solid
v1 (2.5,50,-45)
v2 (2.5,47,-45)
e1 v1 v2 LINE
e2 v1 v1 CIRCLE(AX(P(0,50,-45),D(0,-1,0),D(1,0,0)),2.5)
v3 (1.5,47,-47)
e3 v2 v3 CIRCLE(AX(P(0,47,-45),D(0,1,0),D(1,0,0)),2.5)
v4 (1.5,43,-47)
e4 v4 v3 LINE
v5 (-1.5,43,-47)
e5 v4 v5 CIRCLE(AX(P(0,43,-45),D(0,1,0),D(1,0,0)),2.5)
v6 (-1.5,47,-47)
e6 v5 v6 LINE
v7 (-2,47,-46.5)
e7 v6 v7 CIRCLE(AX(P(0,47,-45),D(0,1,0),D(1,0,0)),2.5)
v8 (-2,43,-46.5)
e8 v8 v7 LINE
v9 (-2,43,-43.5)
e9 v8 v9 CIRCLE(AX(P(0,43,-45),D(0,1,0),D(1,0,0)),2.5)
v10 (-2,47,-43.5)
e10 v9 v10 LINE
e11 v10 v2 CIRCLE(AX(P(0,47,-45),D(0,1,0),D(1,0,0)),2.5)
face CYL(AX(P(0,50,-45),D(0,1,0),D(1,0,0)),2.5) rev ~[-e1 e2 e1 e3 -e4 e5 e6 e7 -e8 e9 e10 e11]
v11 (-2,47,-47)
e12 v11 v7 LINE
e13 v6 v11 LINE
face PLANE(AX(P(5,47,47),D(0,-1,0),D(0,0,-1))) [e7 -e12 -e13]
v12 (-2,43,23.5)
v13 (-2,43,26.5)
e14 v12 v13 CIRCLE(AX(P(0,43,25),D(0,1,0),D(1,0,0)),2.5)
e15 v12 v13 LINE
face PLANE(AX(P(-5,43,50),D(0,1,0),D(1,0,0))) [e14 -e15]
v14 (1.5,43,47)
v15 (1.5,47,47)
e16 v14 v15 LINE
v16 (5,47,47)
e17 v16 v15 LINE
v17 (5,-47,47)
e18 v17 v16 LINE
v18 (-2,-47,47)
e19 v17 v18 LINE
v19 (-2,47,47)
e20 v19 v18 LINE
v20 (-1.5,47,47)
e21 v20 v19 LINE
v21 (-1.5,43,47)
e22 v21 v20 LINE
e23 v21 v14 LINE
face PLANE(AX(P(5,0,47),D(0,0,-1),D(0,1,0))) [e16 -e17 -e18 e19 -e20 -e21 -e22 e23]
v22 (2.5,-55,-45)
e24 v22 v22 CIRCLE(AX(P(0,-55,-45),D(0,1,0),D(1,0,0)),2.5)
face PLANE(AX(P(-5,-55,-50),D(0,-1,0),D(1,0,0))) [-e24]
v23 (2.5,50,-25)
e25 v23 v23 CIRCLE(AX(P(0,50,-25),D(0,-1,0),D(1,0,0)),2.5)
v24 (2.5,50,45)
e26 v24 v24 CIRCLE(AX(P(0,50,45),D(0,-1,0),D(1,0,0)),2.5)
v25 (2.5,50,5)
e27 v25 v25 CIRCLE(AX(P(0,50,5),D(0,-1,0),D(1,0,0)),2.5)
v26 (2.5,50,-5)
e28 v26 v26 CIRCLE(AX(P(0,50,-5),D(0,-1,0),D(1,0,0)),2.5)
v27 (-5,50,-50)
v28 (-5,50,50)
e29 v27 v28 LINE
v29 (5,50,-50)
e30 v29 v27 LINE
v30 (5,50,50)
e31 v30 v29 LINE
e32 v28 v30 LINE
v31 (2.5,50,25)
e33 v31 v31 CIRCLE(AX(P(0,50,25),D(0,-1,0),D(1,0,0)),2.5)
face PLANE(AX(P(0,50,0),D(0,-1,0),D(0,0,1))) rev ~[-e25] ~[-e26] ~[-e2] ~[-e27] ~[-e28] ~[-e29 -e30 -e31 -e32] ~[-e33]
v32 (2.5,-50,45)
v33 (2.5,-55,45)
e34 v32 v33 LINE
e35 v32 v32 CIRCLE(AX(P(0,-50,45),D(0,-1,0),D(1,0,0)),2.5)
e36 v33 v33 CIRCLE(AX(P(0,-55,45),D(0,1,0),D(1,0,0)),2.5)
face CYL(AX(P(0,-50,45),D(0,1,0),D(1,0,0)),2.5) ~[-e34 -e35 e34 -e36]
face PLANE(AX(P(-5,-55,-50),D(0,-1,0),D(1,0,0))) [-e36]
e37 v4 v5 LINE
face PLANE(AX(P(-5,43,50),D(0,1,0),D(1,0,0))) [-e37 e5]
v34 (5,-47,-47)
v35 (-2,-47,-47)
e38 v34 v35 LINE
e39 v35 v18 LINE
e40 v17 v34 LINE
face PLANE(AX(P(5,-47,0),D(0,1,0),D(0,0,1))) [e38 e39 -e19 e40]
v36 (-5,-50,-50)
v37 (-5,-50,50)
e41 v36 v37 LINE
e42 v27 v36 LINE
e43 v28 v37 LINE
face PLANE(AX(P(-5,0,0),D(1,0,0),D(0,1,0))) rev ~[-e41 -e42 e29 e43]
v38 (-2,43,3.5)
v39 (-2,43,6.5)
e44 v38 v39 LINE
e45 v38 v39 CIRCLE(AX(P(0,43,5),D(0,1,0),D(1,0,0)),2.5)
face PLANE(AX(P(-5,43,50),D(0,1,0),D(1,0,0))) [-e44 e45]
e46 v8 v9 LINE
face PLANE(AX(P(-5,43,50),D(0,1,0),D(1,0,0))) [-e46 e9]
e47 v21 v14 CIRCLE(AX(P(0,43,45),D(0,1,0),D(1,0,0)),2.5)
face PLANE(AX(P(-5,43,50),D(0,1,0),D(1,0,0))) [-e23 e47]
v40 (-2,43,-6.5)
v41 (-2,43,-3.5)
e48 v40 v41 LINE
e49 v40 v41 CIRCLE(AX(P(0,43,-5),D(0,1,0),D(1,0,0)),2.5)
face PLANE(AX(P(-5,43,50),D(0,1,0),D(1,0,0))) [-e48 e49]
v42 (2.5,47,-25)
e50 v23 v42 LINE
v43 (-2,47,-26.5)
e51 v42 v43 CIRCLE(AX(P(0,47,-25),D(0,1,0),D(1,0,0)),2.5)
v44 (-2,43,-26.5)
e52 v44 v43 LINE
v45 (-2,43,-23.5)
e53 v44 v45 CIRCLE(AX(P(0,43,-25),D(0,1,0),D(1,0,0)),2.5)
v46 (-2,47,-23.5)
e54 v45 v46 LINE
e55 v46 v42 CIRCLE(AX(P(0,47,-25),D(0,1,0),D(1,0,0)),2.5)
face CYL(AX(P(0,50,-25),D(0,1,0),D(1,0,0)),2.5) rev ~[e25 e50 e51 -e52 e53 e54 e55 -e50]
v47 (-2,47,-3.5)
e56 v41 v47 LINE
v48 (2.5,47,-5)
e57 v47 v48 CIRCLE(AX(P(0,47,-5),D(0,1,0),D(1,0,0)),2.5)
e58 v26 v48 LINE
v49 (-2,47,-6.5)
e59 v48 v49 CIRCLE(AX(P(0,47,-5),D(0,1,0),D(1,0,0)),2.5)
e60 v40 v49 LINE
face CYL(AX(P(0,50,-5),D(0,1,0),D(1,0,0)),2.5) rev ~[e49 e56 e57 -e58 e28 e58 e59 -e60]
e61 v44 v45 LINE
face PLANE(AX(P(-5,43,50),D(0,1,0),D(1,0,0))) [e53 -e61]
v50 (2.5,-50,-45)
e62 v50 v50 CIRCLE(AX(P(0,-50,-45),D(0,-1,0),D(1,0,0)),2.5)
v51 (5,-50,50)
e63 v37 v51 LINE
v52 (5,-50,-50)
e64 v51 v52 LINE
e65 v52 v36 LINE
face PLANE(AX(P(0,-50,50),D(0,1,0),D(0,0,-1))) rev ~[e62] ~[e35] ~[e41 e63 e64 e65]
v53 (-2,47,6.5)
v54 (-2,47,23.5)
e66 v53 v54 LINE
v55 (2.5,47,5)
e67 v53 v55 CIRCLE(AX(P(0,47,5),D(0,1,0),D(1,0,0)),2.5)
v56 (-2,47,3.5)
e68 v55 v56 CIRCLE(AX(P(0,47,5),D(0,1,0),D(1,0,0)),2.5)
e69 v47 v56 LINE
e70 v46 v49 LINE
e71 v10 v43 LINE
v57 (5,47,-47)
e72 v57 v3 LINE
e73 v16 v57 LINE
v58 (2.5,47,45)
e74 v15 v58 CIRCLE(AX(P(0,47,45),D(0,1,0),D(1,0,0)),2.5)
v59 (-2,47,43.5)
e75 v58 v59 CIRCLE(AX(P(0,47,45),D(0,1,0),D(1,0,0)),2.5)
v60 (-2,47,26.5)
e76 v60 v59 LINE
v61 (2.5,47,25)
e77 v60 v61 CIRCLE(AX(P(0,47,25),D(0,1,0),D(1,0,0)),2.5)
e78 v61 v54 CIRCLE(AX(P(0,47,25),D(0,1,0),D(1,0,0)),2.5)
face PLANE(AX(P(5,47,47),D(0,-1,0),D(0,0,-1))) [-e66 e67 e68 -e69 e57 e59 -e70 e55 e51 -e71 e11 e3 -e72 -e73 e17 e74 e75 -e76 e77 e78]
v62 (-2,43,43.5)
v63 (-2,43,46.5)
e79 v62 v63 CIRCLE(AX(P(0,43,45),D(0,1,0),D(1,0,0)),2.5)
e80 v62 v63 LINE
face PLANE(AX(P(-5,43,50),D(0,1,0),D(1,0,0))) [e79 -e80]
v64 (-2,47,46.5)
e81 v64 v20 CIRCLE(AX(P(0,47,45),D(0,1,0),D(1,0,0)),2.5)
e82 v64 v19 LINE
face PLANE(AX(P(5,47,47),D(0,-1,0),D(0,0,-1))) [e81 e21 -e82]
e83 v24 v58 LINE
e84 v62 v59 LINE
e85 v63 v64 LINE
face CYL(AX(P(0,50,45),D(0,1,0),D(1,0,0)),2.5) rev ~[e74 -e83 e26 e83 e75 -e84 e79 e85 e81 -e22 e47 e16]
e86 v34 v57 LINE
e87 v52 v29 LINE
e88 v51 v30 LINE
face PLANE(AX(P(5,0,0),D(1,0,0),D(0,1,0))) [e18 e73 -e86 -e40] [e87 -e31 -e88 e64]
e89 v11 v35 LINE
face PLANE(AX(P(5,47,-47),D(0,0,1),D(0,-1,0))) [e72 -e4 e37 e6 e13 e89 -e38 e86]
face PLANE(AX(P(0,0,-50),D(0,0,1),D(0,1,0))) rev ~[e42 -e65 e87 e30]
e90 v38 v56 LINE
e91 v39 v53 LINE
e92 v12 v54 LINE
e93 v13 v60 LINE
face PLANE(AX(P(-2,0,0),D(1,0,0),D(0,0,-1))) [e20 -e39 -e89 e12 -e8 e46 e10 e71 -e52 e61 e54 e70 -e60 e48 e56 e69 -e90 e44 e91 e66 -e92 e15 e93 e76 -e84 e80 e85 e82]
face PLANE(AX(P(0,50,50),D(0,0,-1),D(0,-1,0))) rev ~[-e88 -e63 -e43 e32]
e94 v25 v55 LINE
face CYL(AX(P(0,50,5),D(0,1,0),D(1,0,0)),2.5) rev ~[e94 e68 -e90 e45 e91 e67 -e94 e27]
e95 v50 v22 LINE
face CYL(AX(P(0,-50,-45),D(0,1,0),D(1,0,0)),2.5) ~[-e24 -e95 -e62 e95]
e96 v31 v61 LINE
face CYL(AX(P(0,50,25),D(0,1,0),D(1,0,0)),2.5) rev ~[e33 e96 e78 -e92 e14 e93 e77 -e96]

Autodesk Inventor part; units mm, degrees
sketch "Sketch2" plane through (0, 0, 0) normal (1, 0, 0) x (0, 1, 0)
  line L0 (50, 50) -> (-50, 50)
  line L1 (-50, 50) -> (-50, -50)
  line L2 (-50, -50) -> (50, -50)
  line L3 (50, -50) -> (50, 50)
  line L4 (-70, 0) -> (70, 0) projected
  line L5 (0, 70) -> (0, -70) projected
  point P0 (0, 0)
  point P1 (50, 0)
  point P2 (0, 50)
  dimension "d0" = 100
  dimension "d1" = 100
extrude "Extrusion1" add sketch "Sketch2" along normal mid plane 10
sketch "Sketch3" plane through (5, 0, 0) normal (1, 0, 0) x (0, 0, -1)
  line L0 (-47, 47) -> (47, 47)
  line L1 (47, 47) -> (47, -47)
  line L2 (47, -47) -> (-47, -47)
  line L3 (-47, -47) -> (-47, 47)
  line L4 (0, -70) -> (0, 70) projected
  line L5 (-70, 0) -> (70, 0) projected
  point P0 (0, 0)
  point P1 (0, 47)
  point P2 (-47, 0)
  dimension "d4" = 94
  dimension "d5" = 94
extrude "Extrusion2" cut sketch "Sketch3" against normal blind 7
sketch "Sketch5" plane through (-5, 50, 50) normal (0, 1, 0) x (1, 0, 0)
  circle A0 centre (5, 5) radius 2.5
  line L0 (10, 0) -> (0, 0) projected
  line L1 (5, 120) -> (5, -20) projected
  circle A1 centre (5, 25) radius 2.5
  circle A2 centre (5, 45) radius 2.5
  circle A3 centre (5, 95) radius 2.5
  line L2 (0, 100) -> (10, 100) projected
  circle A4 centre (5, 75) radius 2.5
  circle A5 centre (5, 55) radius 2.5
  point P0 (5, 50)
  dimension "d26" = 5
  dimension "d27" = 5
  dimension "d30" = 20
  dimension "d35" = 5
  dimension "d36" = 5
  dimension "d39" = 20
extrude "Extrusion3" cut sketch "Sketch5" against normal blind 7
sketch "Sketch6" plane through (-5, -50, -50) normal (0, -1, 0) x (1, 0, 0)
  circle A0 centre (5, 95) radius 2.5
  line L0 (0, 100) -> (10, 100) projected
  line L1 (5, -20) -> (5, 120) projected
  line L2 (5, 120) -> (5, -20) projected
  line L3 (0, 0) -> (10, 0) projected
  line L4 (-2, 50) -> (12, 50) projected
  circle A1 centre (5, 5) radius 2.5
  point P0 (5, 50)
  dimension "d46" = 5
  dimension "d47" = 5
extrude "Extrusion4" add sketch "Sketch6" along normal blind 5
properties part number "Wall"
